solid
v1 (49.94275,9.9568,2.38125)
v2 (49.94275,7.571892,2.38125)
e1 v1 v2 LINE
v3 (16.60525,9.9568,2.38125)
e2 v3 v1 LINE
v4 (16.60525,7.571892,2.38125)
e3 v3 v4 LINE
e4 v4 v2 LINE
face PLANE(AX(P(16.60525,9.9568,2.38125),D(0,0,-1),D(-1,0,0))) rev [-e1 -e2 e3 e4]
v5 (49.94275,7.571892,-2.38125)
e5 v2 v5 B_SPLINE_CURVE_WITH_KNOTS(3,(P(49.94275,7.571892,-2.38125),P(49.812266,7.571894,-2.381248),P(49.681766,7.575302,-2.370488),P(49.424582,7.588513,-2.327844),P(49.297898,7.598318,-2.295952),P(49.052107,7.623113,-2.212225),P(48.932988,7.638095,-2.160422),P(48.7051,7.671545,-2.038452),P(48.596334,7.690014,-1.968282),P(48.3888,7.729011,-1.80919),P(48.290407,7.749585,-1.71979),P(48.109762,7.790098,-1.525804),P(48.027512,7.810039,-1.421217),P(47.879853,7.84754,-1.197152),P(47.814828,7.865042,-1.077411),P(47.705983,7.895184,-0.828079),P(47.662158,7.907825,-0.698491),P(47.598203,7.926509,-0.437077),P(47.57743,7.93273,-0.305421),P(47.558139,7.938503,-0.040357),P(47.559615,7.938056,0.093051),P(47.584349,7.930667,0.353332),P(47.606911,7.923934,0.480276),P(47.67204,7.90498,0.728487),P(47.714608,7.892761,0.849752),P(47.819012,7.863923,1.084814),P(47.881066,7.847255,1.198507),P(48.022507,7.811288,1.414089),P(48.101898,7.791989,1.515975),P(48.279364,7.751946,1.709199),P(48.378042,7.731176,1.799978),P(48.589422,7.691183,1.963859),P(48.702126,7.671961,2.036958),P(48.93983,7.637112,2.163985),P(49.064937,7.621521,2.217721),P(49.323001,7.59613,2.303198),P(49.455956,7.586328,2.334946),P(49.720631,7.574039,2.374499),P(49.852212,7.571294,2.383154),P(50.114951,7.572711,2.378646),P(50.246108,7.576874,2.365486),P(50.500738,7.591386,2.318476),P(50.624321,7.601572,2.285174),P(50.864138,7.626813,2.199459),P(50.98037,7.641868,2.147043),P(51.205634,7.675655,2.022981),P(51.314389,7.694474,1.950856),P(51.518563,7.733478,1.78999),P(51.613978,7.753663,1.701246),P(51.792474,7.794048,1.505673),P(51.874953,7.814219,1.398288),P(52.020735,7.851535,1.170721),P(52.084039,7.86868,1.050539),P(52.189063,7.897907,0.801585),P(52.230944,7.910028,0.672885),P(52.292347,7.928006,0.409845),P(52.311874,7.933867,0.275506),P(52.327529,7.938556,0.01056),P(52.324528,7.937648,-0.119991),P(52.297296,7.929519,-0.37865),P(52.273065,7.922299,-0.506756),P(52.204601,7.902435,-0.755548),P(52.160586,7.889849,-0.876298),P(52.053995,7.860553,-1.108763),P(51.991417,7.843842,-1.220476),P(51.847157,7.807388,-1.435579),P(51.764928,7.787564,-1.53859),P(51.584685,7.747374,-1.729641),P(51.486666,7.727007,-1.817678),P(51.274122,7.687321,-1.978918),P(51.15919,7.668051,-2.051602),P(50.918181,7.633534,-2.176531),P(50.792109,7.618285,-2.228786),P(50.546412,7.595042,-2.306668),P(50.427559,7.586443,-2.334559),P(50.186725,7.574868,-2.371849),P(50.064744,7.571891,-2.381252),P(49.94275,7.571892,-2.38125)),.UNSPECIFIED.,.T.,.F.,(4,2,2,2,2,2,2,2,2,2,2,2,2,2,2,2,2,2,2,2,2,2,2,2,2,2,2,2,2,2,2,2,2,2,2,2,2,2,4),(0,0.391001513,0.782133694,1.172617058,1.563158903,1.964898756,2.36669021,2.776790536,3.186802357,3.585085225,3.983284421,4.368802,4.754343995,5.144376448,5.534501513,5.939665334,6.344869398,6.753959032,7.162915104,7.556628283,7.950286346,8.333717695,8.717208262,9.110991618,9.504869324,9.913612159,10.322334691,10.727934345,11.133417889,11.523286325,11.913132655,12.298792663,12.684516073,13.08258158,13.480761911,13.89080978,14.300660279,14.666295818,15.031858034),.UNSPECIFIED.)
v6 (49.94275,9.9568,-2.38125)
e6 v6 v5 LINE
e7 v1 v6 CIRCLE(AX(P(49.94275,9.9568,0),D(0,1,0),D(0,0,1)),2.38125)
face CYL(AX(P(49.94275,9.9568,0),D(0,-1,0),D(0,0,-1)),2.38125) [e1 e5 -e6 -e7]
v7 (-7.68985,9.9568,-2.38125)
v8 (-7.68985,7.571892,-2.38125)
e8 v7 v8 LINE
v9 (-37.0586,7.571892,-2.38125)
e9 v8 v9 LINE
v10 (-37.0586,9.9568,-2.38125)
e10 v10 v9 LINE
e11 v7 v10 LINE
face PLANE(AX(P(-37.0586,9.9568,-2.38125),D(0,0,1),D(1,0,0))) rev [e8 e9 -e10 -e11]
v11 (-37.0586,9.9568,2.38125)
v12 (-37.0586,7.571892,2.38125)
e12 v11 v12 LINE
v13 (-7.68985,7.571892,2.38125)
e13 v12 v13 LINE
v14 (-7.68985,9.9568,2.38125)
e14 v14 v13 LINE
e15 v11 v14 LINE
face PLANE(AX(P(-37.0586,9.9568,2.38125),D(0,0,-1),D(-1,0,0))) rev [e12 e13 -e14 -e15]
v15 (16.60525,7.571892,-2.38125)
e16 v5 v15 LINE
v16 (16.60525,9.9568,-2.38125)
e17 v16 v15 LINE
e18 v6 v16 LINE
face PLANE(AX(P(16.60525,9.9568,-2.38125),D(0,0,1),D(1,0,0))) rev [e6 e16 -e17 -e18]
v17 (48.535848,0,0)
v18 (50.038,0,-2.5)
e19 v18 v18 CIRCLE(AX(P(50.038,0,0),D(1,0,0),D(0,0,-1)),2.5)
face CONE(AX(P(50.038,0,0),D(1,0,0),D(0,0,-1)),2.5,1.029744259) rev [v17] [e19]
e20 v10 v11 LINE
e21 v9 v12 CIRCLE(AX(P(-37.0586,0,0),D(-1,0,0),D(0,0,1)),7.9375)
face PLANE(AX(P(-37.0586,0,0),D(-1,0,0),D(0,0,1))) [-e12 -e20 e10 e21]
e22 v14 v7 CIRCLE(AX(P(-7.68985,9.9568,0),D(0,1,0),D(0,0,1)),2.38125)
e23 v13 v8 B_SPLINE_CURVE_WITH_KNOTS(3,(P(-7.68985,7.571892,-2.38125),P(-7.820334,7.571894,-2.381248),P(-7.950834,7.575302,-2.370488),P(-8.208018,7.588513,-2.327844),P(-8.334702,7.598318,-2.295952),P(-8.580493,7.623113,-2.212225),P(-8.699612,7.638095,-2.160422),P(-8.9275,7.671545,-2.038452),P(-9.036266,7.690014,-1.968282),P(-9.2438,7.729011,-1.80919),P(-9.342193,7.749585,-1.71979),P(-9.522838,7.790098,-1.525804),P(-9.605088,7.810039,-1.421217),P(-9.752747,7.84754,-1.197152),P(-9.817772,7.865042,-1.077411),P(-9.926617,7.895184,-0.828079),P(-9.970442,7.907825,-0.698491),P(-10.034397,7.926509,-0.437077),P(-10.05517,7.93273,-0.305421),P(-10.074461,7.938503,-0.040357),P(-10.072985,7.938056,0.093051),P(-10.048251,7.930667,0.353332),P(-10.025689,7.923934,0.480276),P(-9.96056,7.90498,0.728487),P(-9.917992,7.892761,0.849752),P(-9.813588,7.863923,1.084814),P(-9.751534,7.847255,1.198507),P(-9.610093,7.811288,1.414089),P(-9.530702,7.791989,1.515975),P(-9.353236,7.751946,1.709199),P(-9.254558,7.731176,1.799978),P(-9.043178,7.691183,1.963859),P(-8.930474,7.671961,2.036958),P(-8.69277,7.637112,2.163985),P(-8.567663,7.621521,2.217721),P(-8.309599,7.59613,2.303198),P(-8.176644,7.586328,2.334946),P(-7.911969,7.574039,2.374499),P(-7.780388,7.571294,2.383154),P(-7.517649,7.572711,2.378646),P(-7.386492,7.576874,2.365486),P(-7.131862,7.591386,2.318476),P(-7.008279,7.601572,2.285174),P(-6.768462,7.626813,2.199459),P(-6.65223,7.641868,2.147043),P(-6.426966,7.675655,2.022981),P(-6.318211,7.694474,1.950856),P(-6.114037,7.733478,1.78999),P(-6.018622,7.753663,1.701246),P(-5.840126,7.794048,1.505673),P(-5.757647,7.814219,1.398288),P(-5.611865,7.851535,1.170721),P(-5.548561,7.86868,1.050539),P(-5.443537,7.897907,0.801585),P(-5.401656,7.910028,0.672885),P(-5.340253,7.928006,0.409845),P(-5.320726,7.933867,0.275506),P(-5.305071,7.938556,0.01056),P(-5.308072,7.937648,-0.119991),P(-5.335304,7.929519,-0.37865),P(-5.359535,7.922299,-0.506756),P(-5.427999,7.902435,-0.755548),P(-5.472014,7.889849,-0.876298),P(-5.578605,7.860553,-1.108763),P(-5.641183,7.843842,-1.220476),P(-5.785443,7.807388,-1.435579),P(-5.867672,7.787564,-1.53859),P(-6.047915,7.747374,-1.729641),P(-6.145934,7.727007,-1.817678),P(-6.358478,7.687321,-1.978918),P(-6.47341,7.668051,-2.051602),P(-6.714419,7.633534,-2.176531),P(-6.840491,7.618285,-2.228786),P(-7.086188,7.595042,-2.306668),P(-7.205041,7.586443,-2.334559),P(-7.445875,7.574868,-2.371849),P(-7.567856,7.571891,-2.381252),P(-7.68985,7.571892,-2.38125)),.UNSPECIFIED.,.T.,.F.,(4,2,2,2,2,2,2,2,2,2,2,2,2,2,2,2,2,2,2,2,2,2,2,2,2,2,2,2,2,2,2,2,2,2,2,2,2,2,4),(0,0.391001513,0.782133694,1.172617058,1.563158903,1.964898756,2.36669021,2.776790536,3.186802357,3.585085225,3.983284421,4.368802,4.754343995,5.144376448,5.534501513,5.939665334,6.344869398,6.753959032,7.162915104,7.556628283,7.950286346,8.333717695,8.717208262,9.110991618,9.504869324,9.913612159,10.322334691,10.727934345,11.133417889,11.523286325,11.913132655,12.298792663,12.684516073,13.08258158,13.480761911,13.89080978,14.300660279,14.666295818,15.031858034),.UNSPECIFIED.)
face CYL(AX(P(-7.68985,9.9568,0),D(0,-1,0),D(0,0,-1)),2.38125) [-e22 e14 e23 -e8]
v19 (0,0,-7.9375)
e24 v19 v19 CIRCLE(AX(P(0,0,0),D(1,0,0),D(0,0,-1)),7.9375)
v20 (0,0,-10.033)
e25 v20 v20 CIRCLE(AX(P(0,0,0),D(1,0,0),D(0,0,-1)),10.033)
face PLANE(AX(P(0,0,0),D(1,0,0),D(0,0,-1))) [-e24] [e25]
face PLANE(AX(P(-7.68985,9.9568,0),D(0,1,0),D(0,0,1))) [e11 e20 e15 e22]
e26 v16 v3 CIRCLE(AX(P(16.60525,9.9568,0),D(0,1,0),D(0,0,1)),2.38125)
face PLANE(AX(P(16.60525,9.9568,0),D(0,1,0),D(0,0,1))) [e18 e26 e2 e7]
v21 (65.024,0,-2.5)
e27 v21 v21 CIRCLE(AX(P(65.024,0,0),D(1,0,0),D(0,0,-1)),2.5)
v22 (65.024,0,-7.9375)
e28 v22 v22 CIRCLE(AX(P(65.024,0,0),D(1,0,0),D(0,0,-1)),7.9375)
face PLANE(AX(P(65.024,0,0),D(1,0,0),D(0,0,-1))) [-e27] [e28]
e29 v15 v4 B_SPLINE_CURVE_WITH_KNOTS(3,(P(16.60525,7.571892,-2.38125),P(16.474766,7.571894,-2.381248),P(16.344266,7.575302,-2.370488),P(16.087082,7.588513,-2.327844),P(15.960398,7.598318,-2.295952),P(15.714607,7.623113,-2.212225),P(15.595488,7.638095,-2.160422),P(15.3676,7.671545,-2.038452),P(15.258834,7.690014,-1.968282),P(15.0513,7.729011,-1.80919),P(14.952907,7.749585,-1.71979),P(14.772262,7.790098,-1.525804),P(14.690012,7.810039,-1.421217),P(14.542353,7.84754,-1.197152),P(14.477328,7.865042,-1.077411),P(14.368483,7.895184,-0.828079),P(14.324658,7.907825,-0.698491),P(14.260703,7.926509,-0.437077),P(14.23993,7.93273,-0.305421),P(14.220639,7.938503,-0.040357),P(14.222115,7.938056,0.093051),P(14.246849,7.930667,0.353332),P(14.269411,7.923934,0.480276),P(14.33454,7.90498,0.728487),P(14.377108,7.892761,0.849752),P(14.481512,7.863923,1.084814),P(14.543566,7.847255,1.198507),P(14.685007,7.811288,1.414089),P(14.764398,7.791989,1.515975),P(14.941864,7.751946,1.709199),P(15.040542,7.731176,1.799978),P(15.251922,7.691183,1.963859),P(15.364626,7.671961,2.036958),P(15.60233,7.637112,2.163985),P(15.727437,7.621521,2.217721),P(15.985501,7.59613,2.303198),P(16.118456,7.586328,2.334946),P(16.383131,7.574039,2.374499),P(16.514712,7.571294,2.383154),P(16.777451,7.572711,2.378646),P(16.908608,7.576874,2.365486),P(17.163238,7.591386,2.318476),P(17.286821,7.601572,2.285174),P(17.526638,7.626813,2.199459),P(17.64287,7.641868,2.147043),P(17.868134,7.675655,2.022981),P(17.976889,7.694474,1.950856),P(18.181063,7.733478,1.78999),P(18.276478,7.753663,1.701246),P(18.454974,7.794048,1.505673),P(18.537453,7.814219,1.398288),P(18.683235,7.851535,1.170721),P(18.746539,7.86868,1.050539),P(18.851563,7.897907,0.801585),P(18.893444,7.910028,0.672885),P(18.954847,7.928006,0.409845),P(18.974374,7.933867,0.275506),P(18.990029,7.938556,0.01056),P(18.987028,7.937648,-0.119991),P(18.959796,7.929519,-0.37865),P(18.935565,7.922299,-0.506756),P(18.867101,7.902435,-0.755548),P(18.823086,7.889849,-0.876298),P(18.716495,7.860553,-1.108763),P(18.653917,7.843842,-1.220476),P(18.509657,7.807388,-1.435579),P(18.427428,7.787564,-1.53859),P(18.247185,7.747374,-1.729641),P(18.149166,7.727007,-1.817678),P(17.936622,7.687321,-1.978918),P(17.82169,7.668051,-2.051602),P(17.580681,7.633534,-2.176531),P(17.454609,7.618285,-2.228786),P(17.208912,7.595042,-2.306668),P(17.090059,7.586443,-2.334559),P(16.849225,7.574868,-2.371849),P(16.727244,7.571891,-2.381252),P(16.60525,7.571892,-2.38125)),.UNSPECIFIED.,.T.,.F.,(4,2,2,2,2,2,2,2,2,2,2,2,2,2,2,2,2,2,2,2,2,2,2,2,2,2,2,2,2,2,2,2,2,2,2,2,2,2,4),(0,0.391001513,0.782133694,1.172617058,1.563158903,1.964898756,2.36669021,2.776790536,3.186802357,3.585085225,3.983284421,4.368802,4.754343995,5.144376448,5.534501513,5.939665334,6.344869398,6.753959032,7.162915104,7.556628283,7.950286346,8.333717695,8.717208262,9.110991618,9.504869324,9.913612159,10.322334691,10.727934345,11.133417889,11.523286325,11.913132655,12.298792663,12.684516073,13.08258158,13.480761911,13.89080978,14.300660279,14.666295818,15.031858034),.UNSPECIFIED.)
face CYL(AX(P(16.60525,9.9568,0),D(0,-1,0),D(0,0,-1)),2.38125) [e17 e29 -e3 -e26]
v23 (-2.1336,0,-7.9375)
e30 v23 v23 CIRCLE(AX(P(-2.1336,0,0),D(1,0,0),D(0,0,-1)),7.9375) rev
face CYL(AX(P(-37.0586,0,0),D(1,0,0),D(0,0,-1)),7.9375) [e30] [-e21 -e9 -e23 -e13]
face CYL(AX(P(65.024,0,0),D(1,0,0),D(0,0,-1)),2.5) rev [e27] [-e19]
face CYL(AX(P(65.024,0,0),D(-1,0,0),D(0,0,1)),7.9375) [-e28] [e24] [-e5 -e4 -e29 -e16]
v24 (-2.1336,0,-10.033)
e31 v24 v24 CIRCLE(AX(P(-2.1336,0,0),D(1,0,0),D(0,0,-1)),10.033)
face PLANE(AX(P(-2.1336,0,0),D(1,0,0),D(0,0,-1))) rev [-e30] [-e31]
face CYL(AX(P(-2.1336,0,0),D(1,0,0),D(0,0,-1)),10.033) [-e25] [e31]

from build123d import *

# Parameters (mm, degrees)
SKETCH1_R             = 10.033
BOSS_EXTRUDE1_DEPTH   = 2.1336
SKETCH2_R             = 7.9375
BOSS_EXTRUDE2_DEPTH   = 65.024
M6_TAPPED_HOLE1_D     = 5
M6_TAPPED_HOLE1_DEPTH = 14.986
M6_TAPPED_HOLE1_TIP   = 1.502151548
BOSS_EXTRUDE3_START   = 34.925
SKETCH5_R             = 7.9375
BOSS_EXTRUDE3_DEPTH   = 34.925
BOSS_EXTRUDE4_DEPTH   = 4.7625


with BuildPart() as part:
    # Sketch1 → Boss-Extrude1 (new body)
    with BuildSketch(Plane(origin=(0, 0, 0), x_dir=(0, 0, -1), z_dir=(1, 0, 0))):
        Circle(SKETCH1_R)
    extrude(amount=-BOSS_EXTRUDE1_DEPTH)

    # Sketch2 → Boss-Extrude2 (add)
    with BuildSketch(Plane(origin=(0, 0, 0), x_dir=(0, 0, -1), z_dir=(1, 0, 0))):
        Circle(SKETCH2_R)
    extrude(amount=BOSS_EXTRUDE2_DEPTH)

    # M6 Tapped Hole1
    with Locations(Plane(origin=(65.024, 0, 0), x_dir=(0, 0, -1), z_dir=(1, 0, 0))):
        with Locations((0, 0)):
            Hole(M6_TAPPED_HOLE1_D / 2, depth=M6_TAPPED_HOLE1_DEPTH)
            with Locations((0, 0, -(M6_TAPPED_HOLE1_DEPTH + M6_TAPPED_HOLE1_TIP / 2))):  # 118° drill point
                Cone(0, M6_TAPPED_HOLE1_D / 2, M6_TAPPED_HOLE1_TIP, mode=Mode.SUBTRACT)

    # Sketch5 → Boss-Extrude3 (add)
    with BuildSketch(Plane.ZY.offset(2.1336).offset(BOSS_EXTRUDE3_START)):
        with Locations(Location((0, 0, 0), (0, 0, 180))):
            Circle(SKETCH5_R)
    extrude(amount=-BOSS_EXTRUDE3_DEPTH)

    # Sketch7 → Boss-Extrude4 (add)
    with BuildSketch(Plane(origin=(0, 5.1943, 0), x_dir=(1, 0, 0), z_dir=(0, 1, 0))):
        with BuildLine():
            Line((16.60525, 2.38125), (49.94275, 2.38125))
            ThreePointArc((49.94275, 2.38125), (52.324, 0), (49.94275, -2.38125))
            Line((49.94275, -2.38125), (16.60525, -2.38125))
            ThreePointArc((16.60525, -2.38125), (14.224, 0), (16.60525, 2.38125))
        make_face()
        with BuildLine():
            Line((-37.0586, 2.38125), (-7.68985, 2.38125))
            ThreePointArc((-7.68985, 2.38125), (-5.3086, 0), (-7.68985, -2.38125))
            Line((-7.68985, -2.38125), (-37.0586, -2.38125))
            Line((-37.0586, -2.38125), (-37.0586, 2.38125))
        make_face()
    extrude(amount=BOSS_EXTRUDE4_DEPTH)


solid = part.part
